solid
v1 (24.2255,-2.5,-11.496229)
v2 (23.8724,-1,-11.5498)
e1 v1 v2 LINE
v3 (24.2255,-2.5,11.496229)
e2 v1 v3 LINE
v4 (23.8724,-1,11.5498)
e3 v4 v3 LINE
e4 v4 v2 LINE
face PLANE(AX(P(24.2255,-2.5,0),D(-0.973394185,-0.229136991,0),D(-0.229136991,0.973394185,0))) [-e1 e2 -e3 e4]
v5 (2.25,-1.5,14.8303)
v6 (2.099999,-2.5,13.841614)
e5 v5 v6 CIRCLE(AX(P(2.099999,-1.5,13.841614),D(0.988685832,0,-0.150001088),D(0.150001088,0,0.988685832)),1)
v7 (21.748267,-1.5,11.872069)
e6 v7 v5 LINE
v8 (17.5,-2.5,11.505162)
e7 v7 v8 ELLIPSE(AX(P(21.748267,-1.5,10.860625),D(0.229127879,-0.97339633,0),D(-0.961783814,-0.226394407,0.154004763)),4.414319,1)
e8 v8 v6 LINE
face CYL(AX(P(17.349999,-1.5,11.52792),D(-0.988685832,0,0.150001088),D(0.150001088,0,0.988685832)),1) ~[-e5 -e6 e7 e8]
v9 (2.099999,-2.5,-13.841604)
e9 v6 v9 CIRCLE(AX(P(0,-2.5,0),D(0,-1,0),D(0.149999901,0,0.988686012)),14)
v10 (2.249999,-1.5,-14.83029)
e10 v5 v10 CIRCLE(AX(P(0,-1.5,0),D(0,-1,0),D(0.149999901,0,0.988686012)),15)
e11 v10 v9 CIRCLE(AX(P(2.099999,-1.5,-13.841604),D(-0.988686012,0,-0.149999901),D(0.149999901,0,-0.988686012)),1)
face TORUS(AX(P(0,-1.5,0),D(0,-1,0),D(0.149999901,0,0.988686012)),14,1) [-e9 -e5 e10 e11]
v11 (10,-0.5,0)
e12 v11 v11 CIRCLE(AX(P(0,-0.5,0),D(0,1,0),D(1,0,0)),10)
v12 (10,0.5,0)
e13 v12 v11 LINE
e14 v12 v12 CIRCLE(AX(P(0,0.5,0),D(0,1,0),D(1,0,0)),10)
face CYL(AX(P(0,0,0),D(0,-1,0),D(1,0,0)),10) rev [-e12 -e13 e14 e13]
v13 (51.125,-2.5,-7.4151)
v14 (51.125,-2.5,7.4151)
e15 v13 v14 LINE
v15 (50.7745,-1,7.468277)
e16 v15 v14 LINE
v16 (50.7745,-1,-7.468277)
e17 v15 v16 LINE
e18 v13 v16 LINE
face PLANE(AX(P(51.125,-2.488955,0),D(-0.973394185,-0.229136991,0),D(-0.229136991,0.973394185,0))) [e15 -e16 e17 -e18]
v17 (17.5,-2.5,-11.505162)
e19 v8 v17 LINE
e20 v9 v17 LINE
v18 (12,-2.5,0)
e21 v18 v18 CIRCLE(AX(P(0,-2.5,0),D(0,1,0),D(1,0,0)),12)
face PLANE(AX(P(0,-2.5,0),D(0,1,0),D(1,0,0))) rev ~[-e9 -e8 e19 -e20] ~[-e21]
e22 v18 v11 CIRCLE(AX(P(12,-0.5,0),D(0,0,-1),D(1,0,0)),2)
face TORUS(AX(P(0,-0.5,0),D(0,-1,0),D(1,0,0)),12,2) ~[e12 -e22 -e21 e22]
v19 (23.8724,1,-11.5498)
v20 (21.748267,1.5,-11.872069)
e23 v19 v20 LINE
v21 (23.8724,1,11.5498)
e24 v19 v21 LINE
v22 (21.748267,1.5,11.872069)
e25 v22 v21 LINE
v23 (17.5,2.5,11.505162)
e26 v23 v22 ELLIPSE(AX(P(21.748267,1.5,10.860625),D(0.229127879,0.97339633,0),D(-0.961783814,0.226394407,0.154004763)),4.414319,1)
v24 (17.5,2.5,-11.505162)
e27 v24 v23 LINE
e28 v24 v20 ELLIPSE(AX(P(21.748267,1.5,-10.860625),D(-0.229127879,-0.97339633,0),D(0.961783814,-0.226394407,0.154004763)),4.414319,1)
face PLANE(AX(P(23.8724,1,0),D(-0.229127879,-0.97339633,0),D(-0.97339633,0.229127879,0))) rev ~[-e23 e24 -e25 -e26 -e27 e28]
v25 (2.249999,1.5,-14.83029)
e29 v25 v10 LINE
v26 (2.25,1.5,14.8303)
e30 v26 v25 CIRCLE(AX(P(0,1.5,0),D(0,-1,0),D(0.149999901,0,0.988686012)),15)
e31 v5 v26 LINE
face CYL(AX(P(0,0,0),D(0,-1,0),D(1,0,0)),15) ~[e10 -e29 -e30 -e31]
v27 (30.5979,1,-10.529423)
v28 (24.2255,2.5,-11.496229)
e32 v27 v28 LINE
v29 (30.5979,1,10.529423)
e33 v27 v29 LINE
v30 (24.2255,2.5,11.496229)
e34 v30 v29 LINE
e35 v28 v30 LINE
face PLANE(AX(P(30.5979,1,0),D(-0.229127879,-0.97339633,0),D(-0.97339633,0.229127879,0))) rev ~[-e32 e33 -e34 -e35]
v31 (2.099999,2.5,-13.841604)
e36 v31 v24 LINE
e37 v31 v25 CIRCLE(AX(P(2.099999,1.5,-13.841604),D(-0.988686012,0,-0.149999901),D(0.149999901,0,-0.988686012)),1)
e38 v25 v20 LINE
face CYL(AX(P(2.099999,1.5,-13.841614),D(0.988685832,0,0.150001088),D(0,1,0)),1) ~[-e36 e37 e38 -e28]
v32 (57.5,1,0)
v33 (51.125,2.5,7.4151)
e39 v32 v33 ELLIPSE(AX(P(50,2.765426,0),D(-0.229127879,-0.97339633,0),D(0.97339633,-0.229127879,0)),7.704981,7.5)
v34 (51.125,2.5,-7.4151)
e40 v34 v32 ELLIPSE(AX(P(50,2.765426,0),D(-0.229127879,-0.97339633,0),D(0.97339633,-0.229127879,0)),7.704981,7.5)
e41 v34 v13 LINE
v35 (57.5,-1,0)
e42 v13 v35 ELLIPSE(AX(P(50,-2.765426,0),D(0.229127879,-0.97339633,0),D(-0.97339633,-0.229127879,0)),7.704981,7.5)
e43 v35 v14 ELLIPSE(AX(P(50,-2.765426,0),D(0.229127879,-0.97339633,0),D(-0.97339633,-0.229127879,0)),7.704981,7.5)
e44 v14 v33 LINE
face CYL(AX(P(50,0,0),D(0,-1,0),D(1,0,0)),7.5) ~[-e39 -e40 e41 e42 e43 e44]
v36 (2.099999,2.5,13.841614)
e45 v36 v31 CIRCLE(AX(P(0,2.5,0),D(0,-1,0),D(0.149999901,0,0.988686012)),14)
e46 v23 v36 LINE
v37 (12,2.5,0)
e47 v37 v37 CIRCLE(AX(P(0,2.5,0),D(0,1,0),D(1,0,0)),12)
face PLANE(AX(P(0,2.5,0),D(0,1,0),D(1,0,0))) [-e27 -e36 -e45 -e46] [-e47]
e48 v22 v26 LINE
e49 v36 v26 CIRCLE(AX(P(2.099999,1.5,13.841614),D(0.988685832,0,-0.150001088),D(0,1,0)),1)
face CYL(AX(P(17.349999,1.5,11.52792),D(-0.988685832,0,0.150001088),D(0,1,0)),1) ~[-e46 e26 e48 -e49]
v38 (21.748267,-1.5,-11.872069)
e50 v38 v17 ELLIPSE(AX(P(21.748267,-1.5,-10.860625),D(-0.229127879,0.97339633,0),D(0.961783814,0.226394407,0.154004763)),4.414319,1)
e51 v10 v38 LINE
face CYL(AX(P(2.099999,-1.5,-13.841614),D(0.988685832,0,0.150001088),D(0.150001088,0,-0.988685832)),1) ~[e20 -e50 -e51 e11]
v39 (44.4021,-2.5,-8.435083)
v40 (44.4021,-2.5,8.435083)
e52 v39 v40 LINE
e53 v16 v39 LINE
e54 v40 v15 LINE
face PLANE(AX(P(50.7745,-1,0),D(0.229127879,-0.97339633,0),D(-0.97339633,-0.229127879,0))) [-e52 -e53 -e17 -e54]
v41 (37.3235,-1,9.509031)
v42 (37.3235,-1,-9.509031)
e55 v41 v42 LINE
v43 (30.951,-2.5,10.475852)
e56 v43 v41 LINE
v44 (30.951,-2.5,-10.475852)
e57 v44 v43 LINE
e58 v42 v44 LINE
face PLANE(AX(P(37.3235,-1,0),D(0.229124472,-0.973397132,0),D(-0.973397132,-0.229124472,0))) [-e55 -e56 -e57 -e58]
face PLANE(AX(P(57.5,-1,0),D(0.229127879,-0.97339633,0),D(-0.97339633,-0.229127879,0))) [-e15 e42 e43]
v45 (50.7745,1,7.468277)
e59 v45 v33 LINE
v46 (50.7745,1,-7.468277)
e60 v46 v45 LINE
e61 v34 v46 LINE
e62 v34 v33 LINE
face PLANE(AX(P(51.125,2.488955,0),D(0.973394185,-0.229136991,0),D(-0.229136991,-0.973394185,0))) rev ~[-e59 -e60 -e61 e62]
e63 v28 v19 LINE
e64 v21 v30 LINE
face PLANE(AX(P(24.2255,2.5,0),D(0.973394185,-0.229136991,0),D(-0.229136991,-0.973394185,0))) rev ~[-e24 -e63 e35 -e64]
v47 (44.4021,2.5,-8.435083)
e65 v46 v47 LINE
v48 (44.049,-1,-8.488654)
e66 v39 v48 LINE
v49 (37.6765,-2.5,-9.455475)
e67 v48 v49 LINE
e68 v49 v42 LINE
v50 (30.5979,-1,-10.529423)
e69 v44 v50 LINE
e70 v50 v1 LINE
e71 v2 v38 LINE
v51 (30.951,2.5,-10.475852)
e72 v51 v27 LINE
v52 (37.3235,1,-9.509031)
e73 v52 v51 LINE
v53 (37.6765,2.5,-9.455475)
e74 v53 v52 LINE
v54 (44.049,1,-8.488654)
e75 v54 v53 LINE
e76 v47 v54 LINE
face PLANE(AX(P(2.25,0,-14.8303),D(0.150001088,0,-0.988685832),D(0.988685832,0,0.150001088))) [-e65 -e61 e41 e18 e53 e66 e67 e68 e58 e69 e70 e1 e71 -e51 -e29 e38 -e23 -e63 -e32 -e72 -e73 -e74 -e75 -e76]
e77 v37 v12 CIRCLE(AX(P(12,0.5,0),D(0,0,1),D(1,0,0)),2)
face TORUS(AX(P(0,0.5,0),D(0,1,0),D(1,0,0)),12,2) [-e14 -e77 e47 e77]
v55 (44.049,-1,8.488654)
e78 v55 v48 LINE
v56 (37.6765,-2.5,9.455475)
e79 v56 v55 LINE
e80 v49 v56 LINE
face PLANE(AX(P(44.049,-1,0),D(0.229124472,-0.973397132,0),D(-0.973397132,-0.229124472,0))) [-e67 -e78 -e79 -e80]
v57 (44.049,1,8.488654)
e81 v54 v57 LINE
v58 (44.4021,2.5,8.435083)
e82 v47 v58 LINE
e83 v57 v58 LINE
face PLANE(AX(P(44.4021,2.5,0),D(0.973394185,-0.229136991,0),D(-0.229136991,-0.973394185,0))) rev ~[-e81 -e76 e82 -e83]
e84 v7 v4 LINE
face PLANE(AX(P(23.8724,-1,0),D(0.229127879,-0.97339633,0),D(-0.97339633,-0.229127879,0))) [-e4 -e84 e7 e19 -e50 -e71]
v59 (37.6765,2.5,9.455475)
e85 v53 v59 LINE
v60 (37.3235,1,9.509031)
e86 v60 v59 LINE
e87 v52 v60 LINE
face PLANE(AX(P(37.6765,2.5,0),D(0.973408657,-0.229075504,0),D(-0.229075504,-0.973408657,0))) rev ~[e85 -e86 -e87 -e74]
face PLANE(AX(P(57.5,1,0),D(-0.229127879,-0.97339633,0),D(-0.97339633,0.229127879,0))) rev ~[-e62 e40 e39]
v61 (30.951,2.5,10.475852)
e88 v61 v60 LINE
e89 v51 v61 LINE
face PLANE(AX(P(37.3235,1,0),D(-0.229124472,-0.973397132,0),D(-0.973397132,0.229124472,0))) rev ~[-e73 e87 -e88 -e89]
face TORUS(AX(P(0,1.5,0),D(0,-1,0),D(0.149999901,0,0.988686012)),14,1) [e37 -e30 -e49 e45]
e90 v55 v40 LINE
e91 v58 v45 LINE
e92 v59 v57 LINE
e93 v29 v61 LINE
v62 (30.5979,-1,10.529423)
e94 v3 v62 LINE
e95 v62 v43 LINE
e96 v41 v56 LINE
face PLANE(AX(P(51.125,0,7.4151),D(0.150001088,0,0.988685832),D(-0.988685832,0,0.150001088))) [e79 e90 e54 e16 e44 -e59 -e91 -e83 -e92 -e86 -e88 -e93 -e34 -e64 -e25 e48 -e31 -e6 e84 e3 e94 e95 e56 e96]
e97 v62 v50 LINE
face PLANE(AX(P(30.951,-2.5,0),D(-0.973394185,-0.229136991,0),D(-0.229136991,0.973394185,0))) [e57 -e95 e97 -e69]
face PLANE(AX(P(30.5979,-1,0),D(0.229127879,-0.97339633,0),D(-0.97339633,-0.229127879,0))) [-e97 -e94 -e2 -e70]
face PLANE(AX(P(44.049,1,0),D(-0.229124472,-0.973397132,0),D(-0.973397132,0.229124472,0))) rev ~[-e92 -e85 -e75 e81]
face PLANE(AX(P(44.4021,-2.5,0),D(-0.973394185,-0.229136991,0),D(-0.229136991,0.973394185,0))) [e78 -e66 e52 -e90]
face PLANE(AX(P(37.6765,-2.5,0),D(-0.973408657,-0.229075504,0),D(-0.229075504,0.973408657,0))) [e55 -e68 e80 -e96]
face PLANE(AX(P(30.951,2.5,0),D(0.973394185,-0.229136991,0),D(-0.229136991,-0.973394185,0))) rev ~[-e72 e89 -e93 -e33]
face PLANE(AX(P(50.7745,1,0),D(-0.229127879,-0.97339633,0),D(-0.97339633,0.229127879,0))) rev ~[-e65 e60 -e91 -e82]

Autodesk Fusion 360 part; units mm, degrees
sketch "Skizze1" plane through (0, 0, 0) normal (0, 1, 0) x (1, 0, 0)
  circle A0 centre (0, 0) radius 10
  circle A1 centre (0, 0) radius 15
  circle A2 centre (50, 0) radius 7.5
  line L0 (2.25, 14.8303) -> (51.125, 7.4151)
  line L1 (51.125, -7.4151) -> (2.25, -14.8303)
  dimension "d1" = 20
  dimension "d2" = 5
  dimension "d3" = 15
  dimension "d5" = 50
extrude "Extrusion1" add sketch "Skizze1" along normal mid plane 5
sketch "Skizze2" plane through (0, 0, 0) normal (0, 0, 1) x (1, 0, 0)
  line L0 (2.25, 2.5) -> (2.25, -2.5)
  line L1 (2.25, -2.5) -> (51.125, -2.5)
sketch "Skizze3" plane through (0, 0, 0) normal (0, 0, 1) x (1, 0, 0)
  line L0 (17.5, 2.5) -> (57.5, 2.5)
  line L1 (57.5, 2.5) -> (57.5, 1)
  line L2 (57.5, 1) -> (51.1276, 2.5)
  line L3 (51.1276, 2.5) -> (50.7745, 1)
  line L4 (50.7745, 1) -> (44.4021, 2.5)
  line L5 (44.4021, 2.5) -> (44.049, 1)
  line L6 (44.049, 1) -> (37.6765, 2.5)
  line L7 (37.6765, 2.5) -> (37.3235, 1)
  line L8 (37.3235, 1) -> (30.951, 2.5)
  line L9 (30.951, 2.5) -> (30.5979, 1)
  line L10 (30.5979, 1) -> (24.2255, 2.5)
  line L11 (24.2255, 2.5) -> (23.8724, 1)
  line L12 (23.8724, 1) -> (17.5, 2.5)
  line L13 (23.8724, 1) -> (57.5, 1) construction
  line L14 (24.2255, 2.5) -> (51.1276, 2.5) construction
  line L15 (51.125, -2.5) -> (51.125, 2.5)
  line L16 (2.25, 2.5) -> (51.125, 2.5)
  line L17 (1.75, 0) -> (22.5, 0)
  line L18 (44.049, -1) -> (37.6765, -2.5)
  line L19 (23.8724, -1) -> (17.5, -2.5)
  line L20 (17.5, -2.5) -> (57.5, -2.5)
  line L21 (24.2255, -2.5) -> (23.8724, -1)
  line L22 (30.951, -2.5) -> (30.5979, -1)
  line L23 (51.1276, -2.5) -> (50.7745, -1)
  line L24 (37.3235, -1) -> (30.951, -2.5)
  line L25 (23.8724, -1) -> (57.5, -1) construction
  line L26 (24.2255, -2.5) -> (51.1276, -2.5) construction
  line L27 (57.5, -2.5) -> (57.5, -1)
  line L28 (37.6765, -2.5) -> (37.3235, -1)
  line L29 (57.5, -1) -> (51.1276, -2.5)
  line L30 (50.7745, -1) -> (44.4021, -2.5)
  line L31 (44.4021, -2.5) -> (44.049, -1)
  line L32 (30.5979, -1) -> (24.2255, -2.5)
  line L33 (51.125, -2.5) -> (51.125, 2.5)
  line L34 (57.5, 2.5) -> (51.125, 2.5)
  line L35 (51.125, 2.5) -> (51.125, -2.5)
  line L36 (51.125, -2.5) -> (57.5, -2.5)
  point P0 (51.125, -2.5)
  dimension "d10" = 40
  dimension "d11" = 1.5
extrude "Extrusion2" cut sketch "Skizze3" along normal mid plane 30 contours L0 L1 L2 L34 | L20 L27 L29 L36 | L19 L20 L21 | L20 L22 L32 | L20 L24 L28 | L18 L20 L31 | L15 L20 L23 L30 L33 L35 | L0 L3 L4 L15 L16 L33 L35 | L0 L5 L6 L16 | L0 L7 L8 L16 | L0 L9 L10 L16 | L0 L11 L12 L16
fillet "Abrundung1" radius 2 2 edges at (-9.3233, 2.5, -3.6162) (-9.3233, -2.5, 3.6162)
fillet "Abrundung2" radius 1 6 edges at (9.875, 2.5, -13.6735) (-15, 2.5, 0) (9.875, 2.5, 13.6735) (9.875, -2.5, 13.6735) (-15, -2.5, 0) (9.875, -2.5, -13.6735)
